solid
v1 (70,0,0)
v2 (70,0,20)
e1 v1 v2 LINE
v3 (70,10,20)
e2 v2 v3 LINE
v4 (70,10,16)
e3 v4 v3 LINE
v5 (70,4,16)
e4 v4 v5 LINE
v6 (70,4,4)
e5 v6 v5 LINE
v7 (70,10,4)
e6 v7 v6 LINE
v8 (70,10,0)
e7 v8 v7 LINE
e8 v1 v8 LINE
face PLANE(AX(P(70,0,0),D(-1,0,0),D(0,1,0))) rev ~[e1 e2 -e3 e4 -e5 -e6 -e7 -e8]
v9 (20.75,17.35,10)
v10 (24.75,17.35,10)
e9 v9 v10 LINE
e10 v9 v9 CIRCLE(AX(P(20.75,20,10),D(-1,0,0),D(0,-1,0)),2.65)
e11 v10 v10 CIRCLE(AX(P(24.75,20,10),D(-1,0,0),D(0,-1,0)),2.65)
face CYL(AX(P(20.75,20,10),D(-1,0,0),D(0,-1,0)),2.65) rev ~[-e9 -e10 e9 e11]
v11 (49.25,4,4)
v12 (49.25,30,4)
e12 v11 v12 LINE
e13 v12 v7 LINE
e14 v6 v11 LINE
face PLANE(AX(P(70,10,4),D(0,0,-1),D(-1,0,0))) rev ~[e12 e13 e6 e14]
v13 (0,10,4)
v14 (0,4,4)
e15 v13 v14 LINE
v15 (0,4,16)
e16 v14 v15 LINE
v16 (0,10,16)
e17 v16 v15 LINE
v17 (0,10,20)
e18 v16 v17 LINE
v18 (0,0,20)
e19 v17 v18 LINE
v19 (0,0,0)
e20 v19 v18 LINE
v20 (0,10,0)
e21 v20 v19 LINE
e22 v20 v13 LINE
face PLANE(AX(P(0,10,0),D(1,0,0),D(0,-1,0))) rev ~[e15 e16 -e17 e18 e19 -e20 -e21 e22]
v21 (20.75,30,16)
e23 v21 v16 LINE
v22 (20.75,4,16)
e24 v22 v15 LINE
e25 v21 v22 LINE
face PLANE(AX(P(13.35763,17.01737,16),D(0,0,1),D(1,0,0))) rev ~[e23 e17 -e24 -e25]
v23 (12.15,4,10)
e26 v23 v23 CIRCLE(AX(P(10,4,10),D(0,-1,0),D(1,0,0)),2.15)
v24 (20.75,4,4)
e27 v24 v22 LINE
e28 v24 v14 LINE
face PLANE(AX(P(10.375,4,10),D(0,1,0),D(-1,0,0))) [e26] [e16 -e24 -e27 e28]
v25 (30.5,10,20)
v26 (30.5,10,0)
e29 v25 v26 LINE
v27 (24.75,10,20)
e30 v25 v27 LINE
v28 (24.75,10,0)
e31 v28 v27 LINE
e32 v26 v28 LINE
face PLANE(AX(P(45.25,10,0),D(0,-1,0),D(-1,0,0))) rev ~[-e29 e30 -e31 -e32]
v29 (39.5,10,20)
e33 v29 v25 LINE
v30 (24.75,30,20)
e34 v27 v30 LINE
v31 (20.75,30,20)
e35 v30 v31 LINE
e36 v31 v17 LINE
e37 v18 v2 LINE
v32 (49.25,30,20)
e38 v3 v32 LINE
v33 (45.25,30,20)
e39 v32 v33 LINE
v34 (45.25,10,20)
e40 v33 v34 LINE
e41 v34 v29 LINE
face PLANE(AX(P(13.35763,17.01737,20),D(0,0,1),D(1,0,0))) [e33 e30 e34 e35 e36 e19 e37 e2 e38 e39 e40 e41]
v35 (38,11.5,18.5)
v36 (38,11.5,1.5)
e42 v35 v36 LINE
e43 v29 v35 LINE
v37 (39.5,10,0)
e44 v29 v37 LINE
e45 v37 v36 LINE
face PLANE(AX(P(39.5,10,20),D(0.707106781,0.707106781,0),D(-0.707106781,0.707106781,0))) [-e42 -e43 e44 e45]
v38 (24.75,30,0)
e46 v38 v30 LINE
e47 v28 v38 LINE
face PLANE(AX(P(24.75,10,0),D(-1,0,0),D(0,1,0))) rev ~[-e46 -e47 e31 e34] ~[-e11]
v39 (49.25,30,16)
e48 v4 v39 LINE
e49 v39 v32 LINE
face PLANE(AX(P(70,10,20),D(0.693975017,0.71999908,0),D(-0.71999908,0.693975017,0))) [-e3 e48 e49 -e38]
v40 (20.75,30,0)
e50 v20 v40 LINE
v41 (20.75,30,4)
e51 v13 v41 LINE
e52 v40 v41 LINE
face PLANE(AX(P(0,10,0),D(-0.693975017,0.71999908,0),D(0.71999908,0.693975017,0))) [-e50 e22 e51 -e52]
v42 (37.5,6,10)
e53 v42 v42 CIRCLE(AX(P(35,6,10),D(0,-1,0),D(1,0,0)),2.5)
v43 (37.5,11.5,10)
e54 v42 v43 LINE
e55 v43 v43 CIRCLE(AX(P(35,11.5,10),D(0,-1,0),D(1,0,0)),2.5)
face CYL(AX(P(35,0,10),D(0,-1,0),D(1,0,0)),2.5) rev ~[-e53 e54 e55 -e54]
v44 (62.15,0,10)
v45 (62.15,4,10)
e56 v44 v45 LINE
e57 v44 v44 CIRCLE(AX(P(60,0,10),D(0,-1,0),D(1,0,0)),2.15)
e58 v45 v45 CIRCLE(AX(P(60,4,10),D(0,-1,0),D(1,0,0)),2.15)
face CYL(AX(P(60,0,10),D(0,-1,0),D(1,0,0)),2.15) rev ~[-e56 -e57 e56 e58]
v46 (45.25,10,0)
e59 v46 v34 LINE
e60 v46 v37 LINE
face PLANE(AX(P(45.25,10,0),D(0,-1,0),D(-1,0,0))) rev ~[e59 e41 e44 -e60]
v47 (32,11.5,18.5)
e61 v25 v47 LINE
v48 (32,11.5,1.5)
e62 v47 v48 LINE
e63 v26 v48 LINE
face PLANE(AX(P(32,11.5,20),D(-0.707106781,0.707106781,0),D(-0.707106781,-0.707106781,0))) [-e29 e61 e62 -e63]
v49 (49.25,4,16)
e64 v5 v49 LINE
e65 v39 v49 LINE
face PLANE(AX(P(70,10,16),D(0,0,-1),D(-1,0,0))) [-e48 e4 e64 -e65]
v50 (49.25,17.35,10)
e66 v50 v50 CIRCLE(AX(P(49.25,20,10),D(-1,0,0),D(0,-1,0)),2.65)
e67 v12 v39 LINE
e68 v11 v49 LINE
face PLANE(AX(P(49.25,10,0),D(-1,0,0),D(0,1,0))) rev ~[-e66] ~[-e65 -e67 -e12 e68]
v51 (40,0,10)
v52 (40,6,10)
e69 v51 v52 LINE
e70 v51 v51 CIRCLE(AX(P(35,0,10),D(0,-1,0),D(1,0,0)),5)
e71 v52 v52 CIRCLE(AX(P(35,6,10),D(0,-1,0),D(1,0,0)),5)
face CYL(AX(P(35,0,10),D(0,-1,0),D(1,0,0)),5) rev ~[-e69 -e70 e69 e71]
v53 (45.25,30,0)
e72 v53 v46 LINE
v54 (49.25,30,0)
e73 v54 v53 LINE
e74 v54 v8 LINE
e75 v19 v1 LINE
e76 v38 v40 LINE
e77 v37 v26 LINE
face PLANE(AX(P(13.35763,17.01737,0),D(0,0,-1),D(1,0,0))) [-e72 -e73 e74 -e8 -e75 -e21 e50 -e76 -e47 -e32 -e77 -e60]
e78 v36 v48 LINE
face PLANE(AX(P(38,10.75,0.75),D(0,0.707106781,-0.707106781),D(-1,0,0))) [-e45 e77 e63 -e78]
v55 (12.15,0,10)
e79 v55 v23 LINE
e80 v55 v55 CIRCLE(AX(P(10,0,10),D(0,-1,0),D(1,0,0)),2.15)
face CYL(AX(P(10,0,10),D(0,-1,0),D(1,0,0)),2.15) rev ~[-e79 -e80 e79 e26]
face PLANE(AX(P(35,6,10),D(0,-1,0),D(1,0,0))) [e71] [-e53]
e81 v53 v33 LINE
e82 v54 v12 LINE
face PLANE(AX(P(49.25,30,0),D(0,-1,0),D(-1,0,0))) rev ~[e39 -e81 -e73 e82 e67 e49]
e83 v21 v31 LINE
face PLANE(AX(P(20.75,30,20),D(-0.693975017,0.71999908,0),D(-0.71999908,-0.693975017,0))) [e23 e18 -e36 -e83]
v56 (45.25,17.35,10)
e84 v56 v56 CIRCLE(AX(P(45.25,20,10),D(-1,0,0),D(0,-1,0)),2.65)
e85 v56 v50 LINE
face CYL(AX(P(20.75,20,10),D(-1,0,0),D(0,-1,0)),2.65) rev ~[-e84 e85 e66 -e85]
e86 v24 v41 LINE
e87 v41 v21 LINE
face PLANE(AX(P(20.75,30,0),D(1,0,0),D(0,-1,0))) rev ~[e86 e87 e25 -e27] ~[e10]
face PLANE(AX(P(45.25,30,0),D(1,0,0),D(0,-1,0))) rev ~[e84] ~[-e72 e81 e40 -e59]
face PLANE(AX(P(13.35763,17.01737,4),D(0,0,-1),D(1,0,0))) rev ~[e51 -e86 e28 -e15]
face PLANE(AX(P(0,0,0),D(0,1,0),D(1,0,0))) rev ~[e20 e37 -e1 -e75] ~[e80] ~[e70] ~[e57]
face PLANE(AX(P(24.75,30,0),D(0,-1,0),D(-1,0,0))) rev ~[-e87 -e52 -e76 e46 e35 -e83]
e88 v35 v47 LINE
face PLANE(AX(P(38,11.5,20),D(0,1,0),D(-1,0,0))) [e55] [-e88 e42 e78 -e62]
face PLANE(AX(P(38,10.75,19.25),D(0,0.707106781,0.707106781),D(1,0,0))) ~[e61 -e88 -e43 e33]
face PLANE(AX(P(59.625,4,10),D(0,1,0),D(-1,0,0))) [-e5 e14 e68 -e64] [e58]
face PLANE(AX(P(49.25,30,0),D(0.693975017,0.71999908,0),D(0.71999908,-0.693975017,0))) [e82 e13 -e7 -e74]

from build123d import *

# Parameters (mm, degrees)
F1_DEPTH  = 20
F3_DEPTH  = 20
F4_W      = 20.75
F4_H      = 12
F5_DEPTH  = 6
F7_DEPTH  = 4
F9_DEPTH  = 4
F10_R     = 2.15
F10_R_2   = 2.5
F11_DEPTH = 30.001
F12_R     = 5
F13_DEPTH = 6
F14_SIZE  = 1.5
F15_R     = 2.65
F16_DEPTH = 49.251


with BuildPart() as f1:
    # F0 (on Top) → F1 (new body)
    with BuildSketch(Plane.XY):
        Polygon((0, 10), (0, 0), (70, 0), (70, 10), (49.25, 10), (49.25, 30), (45.25, 30), (45.25, 10), (24.75, 10), (24.75, 30), (20.75, 30), (20.75, 10), align=None)
    extrude(amount=F1_DEPTH)

    # F2 (on face) → F3 (join, through all)
    with BuildSketch(Plane.XY.offset(20)):
        Polygon((32, 11.5), (30.5, 10), (39.5, 10), (38, 11.5), align=None)
    extrude(amount=-F3_DEPTH)

    # F4 (on face) → F5 (cut)
    with BuildSketch(Plane(origin=(0, 10, 0), x_dir=(-1, 0, 0), z_dir=(0, 1, 0))):
        with Locations((-10.375, 10)):
            Rectangle(F4_W, F4_H)
        with Locations((-59.625, 10)):
            Rectangle(F4_W, F4_H)
    extrude(amount=-F5_DEPTH, mode=Mode.SUBTRACT)

    # F6 (on face) → F7 (join, through all)
    with BuildSketch(Plane(origin=(0, 0, 0), x_dir=(1, 0, 0), z_dir=(0, 0, -1))):
        Polygon((20.75, -10), (0, -10), (20.75, -30), align=None)
        Polygon((70, -10), (49.25, -10), (49.25, -30), align=None)
    extrude(amount=-F7_DEPTH)

    # F8 (on face) → F9 (join, through all)
    with BuildSketch(Plane.XY.offset(20)):
        Polygon((20.75, 30), (0, 10), (20.75, 10), align=None)
        Polygon((49.25, 10), (70, 10), (49.25, 30), align=None)
    extrude(amount=-F9_DEPTH)

    # F10 (on face) → F11 (cut, through all)
    with BuildSketch(Plane.XZ):
        with Locations((10, 10)):
            Circle(F10_R)
        with Locations((35, 10)):
            Circle(F10_R_2)
        with Locations((60, 10)):
            Circle(F10_R)
    extrude(amount=-F11_DEPTH, mode=Mode.SUBTRACT)

    # F12 (on face) → F13 (cut)
    with BuildSketch(Plane.XZ):
        with Locations((35, 10)):
            Circle(F12_R)
    extrude(amount=-F13_DEPTH, mode=Mode.SUBTRACT)

    # F14
    f14_edges = [f1.edges().sort_by_distance(p)[0] for p in [
        (35, 11.5, 20),
        (35, 11.5, 0),
    ]]
    chamfer(f14_edges, length=F14_SIZE)

    # F15 (on face) → F16 (cut, through all)
    with BuildSketch(Plane(origin=(20.75, 0, 0), x_dir=(0, -1, 0), z_dir=(-1, 0, 0))):
        with Locations((-20, 10)):
            Circle(F15_R)
    extrude(amount=-F16_DEPTH, mode=Mode.SUBTRACT)


solid = f1.part
